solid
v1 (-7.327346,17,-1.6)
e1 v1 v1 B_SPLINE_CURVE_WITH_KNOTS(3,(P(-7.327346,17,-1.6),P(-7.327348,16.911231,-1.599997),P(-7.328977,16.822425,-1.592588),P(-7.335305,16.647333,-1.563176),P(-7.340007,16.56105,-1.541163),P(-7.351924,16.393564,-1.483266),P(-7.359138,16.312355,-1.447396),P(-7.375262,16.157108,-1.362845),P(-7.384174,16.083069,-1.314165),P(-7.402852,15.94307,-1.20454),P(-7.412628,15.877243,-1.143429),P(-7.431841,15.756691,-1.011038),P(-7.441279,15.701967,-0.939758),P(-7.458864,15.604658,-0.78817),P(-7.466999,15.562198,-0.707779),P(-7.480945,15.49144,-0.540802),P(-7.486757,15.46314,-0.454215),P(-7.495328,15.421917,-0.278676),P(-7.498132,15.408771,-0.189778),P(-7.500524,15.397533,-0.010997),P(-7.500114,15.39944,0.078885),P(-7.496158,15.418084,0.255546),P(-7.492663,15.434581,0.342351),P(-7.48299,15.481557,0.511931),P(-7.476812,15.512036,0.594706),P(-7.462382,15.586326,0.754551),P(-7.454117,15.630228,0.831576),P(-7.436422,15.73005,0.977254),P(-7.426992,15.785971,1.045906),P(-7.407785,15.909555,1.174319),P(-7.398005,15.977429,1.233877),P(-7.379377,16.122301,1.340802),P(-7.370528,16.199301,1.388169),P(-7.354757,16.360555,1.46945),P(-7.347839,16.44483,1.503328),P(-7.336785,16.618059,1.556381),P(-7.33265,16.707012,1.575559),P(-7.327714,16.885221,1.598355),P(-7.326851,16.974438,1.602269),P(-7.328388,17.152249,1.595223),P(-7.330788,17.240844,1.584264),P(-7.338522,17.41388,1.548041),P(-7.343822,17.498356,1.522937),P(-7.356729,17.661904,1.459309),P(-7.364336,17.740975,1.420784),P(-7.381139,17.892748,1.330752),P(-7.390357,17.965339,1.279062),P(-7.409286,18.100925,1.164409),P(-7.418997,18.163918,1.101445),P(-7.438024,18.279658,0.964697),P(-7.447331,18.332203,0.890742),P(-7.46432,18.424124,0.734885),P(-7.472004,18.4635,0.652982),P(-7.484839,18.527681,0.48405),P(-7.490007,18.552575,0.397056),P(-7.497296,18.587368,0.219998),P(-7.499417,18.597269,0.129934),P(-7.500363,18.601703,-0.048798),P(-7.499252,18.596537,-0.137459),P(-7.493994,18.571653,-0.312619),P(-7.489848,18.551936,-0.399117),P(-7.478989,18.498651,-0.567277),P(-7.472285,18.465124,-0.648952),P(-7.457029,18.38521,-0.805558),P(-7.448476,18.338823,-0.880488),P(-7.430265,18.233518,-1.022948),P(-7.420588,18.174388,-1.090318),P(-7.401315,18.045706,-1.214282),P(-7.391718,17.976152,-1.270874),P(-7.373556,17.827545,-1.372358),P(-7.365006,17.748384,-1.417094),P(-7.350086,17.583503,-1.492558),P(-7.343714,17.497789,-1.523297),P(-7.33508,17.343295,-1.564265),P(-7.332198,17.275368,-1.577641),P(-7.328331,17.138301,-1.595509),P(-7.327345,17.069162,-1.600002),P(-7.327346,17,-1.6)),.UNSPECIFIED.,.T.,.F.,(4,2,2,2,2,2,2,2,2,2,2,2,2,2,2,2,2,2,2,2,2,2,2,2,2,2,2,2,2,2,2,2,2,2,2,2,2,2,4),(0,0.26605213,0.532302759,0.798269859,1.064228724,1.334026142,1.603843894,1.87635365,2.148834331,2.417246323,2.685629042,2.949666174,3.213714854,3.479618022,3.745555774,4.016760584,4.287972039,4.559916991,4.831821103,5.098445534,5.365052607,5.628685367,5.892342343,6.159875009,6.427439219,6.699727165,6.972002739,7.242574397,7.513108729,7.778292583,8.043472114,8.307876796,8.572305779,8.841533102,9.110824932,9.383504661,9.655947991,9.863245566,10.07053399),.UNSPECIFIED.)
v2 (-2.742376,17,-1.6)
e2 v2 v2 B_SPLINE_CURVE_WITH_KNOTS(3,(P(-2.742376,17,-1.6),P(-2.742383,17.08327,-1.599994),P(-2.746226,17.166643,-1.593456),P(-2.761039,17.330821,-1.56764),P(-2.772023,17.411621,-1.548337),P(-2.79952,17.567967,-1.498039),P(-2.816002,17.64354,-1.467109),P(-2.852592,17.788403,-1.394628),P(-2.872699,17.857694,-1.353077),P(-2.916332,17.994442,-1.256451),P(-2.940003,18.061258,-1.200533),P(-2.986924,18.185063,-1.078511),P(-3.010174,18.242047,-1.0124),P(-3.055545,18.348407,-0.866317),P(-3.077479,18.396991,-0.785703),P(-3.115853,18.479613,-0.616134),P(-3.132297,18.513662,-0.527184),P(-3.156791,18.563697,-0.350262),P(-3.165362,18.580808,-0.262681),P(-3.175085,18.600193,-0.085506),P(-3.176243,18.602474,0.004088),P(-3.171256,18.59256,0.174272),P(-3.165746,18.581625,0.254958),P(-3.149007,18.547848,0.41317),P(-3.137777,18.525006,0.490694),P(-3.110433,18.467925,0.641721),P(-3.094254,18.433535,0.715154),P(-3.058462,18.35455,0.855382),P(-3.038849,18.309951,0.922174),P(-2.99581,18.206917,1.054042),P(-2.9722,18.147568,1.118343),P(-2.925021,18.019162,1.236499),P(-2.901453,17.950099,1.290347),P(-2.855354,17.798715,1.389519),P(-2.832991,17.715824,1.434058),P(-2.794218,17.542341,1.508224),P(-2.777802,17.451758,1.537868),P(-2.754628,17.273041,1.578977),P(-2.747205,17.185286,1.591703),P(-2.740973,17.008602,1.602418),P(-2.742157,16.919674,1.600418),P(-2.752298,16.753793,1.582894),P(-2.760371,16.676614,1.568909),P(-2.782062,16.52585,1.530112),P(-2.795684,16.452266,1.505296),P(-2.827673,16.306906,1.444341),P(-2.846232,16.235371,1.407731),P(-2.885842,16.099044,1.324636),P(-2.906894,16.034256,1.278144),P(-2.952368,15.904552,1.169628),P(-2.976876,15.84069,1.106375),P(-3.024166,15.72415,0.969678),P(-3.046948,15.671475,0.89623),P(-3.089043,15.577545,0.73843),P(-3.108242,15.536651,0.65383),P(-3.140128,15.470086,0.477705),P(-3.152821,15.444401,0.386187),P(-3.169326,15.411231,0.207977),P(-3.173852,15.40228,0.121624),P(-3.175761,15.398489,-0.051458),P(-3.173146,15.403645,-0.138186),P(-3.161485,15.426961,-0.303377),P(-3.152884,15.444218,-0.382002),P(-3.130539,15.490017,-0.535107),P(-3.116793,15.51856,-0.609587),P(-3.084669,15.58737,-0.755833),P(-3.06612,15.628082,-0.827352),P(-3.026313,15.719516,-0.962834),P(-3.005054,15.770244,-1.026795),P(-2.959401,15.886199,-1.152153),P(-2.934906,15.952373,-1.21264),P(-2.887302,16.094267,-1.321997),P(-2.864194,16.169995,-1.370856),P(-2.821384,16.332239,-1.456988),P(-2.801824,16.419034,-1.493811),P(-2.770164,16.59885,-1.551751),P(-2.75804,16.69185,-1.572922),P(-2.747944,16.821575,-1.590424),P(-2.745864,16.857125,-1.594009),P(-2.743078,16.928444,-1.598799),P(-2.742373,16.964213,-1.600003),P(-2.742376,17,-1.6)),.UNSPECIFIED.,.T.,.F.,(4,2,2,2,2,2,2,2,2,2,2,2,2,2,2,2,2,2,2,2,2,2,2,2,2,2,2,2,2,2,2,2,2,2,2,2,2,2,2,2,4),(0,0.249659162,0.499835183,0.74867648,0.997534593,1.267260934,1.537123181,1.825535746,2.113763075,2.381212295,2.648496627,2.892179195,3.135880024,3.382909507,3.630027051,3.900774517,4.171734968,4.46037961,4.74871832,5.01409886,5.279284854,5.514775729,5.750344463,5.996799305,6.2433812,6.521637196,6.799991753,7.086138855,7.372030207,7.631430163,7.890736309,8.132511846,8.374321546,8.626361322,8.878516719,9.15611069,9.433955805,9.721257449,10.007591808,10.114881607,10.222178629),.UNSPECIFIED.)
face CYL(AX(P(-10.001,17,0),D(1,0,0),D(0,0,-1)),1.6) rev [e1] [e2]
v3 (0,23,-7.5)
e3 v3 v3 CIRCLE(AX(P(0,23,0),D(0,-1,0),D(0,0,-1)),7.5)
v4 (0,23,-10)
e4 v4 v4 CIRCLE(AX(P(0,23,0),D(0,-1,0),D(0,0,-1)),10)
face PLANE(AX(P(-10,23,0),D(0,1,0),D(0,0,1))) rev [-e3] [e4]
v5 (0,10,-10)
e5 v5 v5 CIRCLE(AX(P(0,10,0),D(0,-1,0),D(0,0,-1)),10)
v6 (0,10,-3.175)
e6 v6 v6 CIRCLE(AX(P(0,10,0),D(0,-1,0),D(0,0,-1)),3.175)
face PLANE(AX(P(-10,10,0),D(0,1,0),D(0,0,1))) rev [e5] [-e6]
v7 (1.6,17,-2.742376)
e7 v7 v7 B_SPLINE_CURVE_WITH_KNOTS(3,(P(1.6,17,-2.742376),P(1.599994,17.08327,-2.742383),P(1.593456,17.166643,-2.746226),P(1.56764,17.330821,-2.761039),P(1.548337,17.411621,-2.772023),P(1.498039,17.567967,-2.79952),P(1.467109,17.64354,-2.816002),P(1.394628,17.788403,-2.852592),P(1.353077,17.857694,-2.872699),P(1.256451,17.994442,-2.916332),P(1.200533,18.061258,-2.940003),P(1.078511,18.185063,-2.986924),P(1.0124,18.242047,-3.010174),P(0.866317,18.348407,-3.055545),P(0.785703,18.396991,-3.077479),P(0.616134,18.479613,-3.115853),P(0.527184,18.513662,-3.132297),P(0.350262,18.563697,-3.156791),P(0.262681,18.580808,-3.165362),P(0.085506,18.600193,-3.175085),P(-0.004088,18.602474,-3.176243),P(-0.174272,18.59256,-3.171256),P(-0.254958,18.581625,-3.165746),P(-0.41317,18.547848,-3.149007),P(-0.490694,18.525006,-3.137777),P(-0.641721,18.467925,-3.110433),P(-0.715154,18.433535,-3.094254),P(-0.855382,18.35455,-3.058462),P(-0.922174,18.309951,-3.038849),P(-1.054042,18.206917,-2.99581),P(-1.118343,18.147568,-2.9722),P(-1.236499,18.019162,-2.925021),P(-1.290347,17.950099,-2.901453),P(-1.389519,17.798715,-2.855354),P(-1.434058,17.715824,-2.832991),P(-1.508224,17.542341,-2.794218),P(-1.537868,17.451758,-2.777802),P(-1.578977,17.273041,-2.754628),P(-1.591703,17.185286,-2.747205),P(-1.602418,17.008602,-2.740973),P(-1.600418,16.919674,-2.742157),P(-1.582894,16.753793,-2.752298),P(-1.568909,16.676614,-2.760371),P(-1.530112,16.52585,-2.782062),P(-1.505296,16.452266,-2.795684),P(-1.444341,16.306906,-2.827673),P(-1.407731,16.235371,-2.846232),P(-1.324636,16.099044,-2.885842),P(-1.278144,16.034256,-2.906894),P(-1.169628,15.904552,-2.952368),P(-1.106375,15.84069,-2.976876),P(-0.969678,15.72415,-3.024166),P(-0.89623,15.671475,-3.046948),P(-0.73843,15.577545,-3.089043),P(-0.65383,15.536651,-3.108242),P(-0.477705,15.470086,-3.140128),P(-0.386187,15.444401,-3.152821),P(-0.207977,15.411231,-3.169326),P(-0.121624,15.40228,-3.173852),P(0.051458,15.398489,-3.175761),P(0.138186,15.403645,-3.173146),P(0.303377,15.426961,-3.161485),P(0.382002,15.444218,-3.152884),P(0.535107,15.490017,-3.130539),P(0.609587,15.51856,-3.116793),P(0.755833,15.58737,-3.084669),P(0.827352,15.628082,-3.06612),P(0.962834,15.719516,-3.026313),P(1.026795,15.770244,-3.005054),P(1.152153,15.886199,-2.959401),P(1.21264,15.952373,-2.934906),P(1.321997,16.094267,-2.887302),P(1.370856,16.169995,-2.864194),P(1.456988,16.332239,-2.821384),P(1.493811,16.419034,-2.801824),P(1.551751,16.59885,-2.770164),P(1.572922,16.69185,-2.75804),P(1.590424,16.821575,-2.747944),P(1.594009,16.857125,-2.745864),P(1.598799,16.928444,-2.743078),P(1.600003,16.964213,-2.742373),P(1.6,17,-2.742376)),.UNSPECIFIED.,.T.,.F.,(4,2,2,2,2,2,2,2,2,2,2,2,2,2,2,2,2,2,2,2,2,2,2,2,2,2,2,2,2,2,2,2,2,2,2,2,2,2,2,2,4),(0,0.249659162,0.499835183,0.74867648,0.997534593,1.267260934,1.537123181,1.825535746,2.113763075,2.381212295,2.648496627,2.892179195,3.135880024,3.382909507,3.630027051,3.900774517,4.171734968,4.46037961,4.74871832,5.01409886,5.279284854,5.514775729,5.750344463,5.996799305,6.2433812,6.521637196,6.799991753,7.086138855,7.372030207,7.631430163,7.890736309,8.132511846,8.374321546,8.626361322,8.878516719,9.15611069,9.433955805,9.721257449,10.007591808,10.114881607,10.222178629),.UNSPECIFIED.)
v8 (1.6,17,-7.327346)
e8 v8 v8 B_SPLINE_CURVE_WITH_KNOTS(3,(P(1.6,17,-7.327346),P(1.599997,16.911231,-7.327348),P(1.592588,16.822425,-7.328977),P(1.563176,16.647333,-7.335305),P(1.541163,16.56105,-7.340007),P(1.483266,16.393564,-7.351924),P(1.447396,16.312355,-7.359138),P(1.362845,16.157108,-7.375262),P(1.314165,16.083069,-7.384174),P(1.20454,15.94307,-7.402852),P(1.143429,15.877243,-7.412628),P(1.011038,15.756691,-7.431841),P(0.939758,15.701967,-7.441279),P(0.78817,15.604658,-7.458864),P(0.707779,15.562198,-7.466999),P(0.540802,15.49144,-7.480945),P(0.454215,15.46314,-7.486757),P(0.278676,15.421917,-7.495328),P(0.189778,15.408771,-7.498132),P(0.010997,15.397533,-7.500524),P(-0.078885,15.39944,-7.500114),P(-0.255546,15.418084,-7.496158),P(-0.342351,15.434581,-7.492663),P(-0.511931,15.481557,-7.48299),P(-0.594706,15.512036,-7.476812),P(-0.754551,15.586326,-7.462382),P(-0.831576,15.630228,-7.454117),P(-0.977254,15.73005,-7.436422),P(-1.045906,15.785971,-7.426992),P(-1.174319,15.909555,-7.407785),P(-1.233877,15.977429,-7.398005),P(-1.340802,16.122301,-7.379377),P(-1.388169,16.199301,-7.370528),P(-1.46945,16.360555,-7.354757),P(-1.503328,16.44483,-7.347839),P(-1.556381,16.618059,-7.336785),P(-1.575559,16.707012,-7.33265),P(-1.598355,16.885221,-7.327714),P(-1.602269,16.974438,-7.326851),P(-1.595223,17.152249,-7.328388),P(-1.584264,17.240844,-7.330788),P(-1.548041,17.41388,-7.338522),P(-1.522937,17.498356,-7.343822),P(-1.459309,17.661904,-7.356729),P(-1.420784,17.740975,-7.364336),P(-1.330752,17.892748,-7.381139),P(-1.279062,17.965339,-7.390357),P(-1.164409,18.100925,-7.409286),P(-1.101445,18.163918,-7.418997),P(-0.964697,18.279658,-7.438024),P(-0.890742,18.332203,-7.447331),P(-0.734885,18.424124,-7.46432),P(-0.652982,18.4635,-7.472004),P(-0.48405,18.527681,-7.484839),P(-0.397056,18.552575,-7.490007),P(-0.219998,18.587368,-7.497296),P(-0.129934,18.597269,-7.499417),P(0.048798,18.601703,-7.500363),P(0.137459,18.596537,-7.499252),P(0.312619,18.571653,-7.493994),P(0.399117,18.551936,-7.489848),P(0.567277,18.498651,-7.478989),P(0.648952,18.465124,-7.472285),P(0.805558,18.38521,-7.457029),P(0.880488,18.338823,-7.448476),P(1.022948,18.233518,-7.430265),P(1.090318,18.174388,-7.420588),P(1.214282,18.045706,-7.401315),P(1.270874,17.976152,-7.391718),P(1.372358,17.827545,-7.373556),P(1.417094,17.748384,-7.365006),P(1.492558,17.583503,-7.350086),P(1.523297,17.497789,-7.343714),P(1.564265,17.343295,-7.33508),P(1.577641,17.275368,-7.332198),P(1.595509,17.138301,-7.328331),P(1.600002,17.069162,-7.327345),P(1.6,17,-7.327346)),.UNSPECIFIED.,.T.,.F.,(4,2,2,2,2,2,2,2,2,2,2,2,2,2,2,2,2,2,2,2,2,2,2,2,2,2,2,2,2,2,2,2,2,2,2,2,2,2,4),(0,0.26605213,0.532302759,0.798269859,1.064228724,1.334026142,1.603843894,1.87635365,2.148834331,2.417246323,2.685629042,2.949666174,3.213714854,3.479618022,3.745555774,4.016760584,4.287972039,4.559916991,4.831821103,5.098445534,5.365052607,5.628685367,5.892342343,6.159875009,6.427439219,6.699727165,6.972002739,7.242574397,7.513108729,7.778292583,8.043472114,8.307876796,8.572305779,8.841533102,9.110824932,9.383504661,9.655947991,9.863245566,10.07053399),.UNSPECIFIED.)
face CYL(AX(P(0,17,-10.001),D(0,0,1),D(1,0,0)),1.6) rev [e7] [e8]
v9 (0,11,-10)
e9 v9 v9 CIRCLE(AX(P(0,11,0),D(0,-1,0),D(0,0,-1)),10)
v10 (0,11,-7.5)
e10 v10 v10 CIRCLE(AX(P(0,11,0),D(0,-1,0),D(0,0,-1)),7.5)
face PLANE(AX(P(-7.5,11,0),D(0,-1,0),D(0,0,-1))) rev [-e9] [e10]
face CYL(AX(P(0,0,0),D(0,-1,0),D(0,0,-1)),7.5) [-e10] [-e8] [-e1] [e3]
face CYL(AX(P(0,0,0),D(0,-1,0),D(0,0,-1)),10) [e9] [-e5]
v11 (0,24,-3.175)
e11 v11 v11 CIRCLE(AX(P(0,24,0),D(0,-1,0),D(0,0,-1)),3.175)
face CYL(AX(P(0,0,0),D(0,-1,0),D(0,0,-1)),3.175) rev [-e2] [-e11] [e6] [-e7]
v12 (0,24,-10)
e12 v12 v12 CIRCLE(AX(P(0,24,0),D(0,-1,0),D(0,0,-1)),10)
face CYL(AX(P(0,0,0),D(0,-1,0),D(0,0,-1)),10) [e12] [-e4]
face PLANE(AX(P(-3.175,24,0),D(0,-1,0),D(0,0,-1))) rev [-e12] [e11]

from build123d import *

# Parameters (mm, degrees)
CUT_EXTRUDE1_REACH      = 29.857
CUT_EXTRUDE1_END_RADIUS = 7.5
SKETCH2_R               = 1.6
CUT_EXTRUDE2_REACH      = 29.857
CUT_EXTRUDE2_END_RADIUS = 7.5
SKETCH3_R               = 1.6


with BuildPart() as part:
    # Sketch1 → Revolve1 (revolve)
    with BuildSketch(Plane.XY, mode=Mode.PRIVATE) as revolve1_sk:
        Polygon((-3.175, 10), (-3.175, 24), (-10, 24), (-10, 23), (-7.5, 23), (-7.5, 11), (-10, 11), (-10, 10), align=None)
    revolve(revolve1_sk.sketch.rotate(Axis((0, 0, 0), (0, 1, 0)), 270), axis=Axis((0, 0, 0), (0, 1, 0)))

    # Cut-Extrude1: up to this cylinder (the profile starts inside it)
    cut_extrude1_end = Plane(origin=(0, 17, 0), z_dir=(0, -1, 0)) * Cylinder(CUT_EXTRUDE1_END_RADIUS, 75.714, mode=Mode.PRIVATE)
    # Sketch2 → Cut-Extrude1 (cut, up to the surface)
    with BuildSketch(Plane.XY, mode=Mode.PRIVATE) as cut_extrude1_sk1:
        with Locations((0, 17)):
            Circle(SKETCH2_R)
    cut_extrude1_tool1 = extrude(cut_extrude1_sk1.sketch, amount=-CUT_EXTRUDE1_REACH, mode=Mode.PRIVATE) & cut_extrude1_end
    add(cut_extrude1_tool1.solids().sort_by_distance((0, 17, 0))[0], mode=Mode.SUBTRACT)

    # Cut-Extrude2: up to this cylinder (the profile starts inside it)
    cut_extrude2_end = Plane(origin=(0, 17, 0), z_dir=(0, -1, 0)) * Cylinder(CUT_EXTRUDE2_END_RADIUS, 75.714, mode=Mode.PRIVATE)
    # Sketch3 → Cut-Extrude2 (cut, up to the surface)
    with BuildSketch(Plane(origin=(0, 0, 0), x_dir=(0, 0, -1), z_dir=(1, 0, 0)), mode=Mode.PRIVATE) as cut_extrude2_sk1:
        with Locations((0, 17)):
            Circle(SKETCH3_R)
    cut_extrude2_tool1 = extrude(cut_extrude2_sk1.sketch, amount=-CUT_EXTRUDE2_REACH, mode=Mode.PRIVATE) & cut_extrude2_end
    add(cut_extrude2_tool1.solids().sort_by_distance((0, 17, 0))[0], mode=Mode.SUBTRACT)


solid = part.part
